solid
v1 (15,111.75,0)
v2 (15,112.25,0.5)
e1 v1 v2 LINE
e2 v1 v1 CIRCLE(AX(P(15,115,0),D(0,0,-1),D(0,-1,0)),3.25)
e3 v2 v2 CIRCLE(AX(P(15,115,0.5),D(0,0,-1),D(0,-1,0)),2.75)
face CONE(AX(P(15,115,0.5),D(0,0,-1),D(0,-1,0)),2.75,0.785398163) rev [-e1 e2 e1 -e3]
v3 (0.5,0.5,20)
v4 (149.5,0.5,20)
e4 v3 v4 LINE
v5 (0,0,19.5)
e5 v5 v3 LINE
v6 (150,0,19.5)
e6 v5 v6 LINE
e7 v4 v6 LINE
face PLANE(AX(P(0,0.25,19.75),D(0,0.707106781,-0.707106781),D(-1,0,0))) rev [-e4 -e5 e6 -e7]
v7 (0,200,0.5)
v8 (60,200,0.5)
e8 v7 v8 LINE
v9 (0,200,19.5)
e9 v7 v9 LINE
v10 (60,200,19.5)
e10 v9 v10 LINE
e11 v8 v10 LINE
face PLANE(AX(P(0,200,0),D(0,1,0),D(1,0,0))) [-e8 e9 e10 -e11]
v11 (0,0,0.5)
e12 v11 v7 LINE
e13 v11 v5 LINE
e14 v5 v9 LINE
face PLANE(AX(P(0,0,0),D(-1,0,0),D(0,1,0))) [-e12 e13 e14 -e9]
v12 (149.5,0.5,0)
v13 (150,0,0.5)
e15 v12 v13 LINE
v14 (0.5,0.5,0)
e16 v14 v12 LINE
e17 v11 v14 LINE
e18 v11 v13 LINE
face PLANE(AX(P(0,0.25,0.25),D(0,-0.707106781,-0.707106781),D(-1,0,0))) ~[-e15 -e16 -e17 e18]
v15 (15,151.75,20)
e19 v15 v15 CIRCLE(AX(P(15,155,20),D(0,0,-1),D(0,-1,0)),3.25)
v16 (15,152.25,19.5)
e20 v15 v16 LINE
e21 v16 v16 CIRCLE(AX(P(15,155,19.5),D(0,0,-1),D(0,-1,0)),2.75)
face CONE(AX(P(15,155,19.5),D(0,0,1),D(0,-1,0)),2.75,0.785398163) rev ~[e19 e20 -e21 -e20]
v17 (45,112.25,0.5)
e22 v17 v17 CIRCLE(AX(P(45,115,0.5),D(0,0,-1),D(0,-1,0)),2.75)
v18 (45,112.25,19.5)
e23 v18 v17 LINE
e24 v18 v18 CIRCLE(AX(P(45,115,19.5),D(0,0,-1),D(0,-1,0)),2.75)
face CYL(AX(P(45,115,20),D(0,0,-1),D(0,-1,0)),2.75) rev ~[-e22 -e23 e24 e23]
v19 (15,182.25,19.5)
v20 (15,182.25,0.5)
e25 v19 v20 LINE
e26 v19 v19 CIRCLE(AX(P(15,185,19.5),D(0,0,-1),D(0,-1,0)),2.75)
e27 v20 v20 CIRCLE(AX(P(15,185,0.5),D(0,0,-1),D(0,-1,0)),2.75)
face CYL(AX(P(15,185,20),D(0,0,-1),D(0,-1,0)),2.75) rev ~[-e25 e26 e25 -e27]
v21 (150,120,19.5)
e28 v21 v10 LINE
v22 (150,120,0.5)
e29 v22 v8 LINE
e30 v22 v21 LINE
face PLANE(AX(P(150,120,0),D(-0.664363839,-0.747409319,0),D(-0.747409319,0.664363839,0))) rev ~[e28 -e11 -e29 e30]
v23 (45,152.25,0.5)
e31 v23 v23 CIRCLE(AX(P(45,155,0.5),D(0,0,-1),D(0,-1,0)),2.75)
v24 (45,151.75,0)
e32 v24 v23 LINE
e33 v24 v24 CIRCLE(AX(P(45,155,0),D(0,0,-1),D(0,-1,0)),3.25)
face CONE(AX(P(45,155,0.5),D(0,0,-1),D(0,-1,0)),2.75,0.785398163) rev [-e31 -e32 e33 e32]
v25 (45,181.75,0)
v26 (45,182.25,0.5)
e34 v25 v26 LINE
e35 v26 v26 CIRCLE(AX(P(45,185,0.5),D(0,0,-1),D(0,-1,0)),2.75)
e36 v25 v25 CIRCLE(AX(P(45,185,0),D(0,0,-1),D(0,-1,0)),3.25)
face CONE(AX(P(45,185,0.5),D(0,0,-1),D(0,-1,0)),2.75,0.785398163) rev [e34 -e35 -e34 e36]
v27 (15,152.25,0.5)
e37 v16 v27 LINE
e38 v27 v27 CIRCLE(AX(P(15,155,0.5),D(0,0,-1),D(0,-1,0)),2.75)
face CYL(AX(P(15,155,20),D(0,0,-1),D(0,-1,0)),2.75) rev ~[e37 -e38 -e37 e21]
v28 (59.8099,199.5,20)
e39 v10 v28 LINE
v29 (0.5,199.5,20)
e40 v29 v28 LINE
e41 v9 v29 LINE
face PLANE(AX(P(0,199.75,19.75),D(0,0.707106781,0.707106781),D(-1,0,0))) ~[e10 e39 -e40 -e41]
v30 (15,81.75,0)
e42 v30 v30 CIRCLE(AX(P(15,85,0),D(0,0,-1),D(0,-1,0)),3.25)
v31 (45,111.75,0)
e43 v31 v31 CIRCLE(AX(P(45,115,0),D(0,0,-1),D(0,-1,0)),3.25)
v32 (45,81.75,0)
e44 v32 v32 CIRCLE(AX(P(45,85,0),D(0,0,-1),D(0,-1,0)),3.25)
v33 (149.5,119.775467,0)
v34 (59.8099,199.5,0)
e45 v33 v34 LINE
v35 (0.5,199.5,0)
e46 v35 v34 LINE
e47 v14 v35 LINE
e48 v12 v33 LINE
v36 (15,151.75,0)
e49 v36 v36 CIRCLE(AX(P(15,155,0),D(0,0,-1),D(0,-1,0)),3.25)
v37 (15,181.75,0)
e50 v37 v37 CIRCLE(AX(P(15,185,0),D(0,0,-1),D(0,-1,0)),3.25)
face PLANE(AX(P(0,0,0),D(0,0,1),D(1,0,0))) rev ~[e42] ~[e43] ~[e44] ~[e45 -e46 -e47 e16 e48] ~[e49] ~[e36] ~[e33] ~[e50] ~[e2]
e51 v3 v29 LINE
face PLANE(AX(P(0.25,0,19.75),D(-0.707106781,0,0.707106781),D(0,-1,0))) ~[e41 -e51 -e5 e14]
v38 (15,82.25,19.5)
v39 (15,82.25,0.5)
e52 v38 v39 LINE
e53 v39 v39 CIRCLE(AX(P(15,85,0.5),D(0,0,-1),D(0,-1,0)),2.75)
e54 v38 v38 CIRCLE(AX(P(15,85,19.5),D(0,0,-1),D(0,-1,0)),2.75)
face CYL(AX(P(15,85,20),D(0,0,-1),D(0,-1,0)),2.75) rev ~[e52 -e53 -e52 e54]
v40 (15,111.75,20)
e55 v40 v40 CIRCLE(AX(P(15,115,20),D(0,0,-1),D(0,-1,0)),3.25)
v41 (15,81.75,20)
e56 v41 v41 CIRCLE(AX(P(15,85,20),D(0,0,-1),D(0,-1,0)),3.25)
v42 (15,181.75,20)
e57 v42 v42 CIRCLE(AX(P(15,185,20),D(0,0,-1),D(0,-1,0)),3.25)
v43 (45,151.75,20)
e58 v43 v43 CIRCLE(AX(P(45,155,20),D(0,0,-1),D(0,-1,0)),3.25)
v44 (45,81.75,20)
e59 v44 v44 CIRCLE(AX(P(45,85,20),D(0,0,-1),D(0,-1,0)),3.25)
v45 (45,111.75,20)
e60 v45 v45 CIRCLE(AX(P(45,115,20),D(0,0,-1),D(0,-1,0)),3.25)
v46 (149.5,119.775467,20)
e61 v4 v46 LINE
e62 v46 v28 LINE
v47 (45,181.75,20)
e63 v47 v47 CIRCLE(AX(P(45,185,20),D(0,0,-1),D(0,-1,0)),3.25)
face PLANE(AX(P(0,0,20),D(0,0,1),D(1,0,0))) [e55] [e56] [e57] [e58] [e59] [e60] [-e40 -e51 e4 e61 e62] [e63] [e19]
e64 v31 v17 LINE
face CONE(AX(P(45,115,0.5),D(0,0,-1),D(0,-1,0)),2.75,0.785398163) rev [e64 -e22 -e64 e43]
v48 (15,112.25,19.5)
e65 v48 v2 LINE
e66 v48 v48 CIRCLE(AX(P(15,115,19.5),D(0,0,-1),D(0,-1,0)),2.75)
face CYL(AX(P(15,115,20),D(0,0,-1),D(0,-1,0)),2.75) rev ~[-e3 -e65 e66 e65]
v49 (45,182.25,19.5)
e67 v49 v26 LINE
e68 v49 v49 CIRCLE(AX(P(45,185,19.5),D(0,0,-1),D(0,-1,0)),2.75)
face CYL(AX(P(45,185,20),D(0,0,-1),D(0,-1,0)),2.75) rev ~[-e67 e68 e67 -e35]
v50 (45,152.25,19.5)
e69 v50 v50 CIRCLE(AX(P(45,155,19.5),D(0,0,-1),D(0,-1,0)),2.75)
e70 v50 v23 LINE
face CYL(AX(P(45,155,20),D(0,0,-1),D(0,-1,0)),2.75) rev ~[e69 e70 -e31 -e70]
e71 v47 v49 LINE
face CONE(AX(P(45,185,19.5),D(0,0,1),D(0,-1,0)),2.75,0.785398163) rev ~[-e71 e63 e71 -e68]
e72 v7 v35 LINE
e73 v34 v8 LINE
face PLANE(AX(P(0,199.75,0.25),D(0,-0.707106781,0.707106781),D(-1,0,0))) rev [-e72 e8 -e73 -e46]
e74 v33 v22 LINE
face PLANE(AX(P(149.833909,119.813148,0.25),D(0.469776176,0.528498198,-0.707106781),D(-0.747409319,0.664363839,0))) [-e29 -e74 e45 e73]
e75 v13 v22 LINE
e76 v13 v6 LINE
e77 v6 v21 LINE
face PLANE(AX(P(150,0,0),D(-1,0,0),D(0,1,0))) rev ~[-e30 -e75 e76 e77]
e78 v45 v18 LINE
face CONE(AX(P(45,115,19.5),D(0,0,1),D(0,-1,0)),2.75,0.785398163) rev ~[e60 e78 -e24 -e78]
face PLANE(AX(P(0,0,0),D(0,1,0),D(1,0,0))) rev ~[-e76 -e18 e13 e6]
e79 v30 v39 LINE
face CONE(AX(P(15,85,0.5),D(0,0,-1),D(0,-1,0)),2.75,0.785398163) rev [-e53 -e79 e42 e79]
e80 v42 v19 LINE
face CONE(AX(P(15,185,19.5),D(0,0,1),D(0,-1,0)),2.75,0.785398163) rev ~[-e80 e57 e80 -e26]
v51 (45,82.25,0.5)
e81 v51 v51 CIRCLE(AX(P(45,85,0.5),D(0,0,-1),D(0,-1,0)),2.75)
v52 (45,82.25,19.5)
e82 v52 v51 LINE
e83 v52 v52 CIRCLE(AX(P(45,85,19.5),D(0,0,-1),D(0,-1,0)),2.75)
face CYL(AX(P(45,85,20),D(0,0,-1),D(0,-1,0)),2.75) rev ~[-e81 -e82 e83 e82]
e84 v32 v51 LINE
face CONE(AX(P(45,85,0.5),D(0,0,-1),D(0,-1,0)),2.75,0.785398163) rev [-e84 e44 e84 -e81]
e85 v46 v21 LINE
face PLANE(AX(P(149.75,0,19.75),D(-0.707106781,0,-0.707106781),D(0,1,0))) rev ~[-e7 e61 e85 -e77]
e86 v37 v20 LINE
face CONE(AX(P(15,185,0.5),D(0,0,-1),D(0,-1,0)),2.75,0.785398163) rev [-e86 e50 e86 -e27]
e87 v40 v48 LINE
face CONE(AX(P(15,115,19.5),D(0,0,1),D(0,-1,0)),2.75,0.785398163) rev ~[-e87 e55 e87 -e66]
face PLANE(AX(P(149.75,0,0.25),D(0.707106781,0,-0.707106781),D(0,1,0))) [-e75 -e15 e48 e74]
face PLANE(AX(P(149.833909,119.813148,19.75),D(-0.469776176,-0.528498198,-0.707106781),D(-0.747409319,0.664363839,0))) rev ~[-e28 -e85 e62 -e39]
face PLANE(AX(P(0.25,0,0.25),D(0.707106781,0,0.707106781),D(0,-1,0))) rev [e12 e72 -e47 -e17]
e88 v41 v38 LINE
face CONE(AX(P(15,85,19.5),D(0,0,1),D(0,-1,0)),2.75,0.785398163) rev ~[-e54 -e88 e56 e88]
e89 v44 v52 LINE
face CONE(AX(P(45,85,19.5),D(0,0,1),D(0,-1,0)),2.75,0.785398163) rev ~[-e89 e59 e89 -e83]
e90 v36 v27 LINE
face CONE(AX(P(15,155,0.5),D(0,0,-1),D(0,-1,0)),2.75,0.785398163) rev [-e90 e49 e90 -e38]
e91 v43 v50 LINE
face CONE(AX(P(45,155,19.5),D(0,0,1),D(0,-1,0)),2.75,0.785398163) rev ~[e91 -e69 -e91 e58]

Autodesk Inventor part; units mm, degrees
ref_plane "YZ Plane" through (0, 0, 0) normal (1, 0, 0) x (0, 1, 0)
ref_plane "XZ Plane" through (0, 0, 0) normal (0, 1, 0) x (-1, 0, 0)
ref_plane "XY Plane" through (0, 0, 0) normal (0, 0, 1) x (1, 0, 0)
sketch "Skizze1" plane through (0, 0, 0) normal (0, 0, 1) x (1, 0, 0)
  line L0 (0, 0) -> (0, 200)
  line L1 (0, 200) -> (60, 200)
  line L2 (0, 0) -> (150, 0)
  line L3 (150, 0) -> (150, 120)
  line L4 (150, 120) -> (60, 200)
  dimension "d0" = 200
  dimension "d1" = 60
  dimension "d2" = 150
  dimension "d3" = 120
extrude "Extrusion1" add sketch "Skizze1" along normal blind 20
sketch "Skizze2" plane through (0, 0, 20) normal (0, 0, 1) x (1, 0, 0)
  line L0 (60, 200) -> (0, 200) projected
  line L1 (30, 200) -> (30, 170) construction
  line L2 (30, 170) -> (30, 100) construction
  line L3 (15, 155) -> (45, 155) construction
  line L4 (45, 155) -> (45, 185) construction
  line L5 (45, 185) -> (15, 185) construction
  line L6 (15, 185) -> (15, 155) construction
  line L7 (15, 155) -> (45, 185) construction
  line L8 (45, 155) -> (15, 185) construction
  line L9 (15, 85) -> (45, 85) construction
  line L10 (45, 85) -> (45, 115) construction
  line L11 (45, 115) -> (15, 115) construction
  line L12 (15, 115) -> (15, 85) construction
  line L13 (15, 85) -> (45, 115) construction
  line L14 (45, 85) -> (15, 115) construction
  point P0 (0, 0)
  dimension "d6" = 30
  dimension "d7" = 70
  dimension "d8" = 30
  dimension "d9" = 30
  dimension "d10" = 30
  dimension "d11" = 30
hole "Bohrung1" at (15, 185, 20) at (45, 185, 20) at (15, 155, 20) at (45, 155, 20) at (15, 115, 20) at (45, 115, 20) at (15, 85, 20) at (45, 85, 20) direction (0, 0, -1) diameter 5.5 end through all clearance for "Sechskantkopfschraube ISO 24017" size "M5" standard "ISO"
chamfer "Fase1" distance 0.5 angle 45 18 edges at (30, 200, 20) (105, 160, 20) (150, 60, 20) (75, 0, 20) (0, 100, 20) (15, 87.75, 20) (15, 117.75, 20) (45, 87.75, 20) (45, 117.75, 20) (15, 157.75, 20) (15, 187.75, 20) (45, 157.75, 20) (45, 187.75, 20) (105, 160, 0) (30, 200, 0) (0, 100, 0) (150, 60, 0) (75, 0, 0)
chamfer "Fase2" distance 0.5 angle 45 8 edges at (15, 87.75, 0) (15, 117.75, 0) (45, 87.75, 0) (45, 117.75, 0) (15, 157.75, 0) (15, 187.75, 0) (45, 157.75, 0) (45, 187.75, 0)
properties part number "Portalwange" material "Aluminium 6061"
